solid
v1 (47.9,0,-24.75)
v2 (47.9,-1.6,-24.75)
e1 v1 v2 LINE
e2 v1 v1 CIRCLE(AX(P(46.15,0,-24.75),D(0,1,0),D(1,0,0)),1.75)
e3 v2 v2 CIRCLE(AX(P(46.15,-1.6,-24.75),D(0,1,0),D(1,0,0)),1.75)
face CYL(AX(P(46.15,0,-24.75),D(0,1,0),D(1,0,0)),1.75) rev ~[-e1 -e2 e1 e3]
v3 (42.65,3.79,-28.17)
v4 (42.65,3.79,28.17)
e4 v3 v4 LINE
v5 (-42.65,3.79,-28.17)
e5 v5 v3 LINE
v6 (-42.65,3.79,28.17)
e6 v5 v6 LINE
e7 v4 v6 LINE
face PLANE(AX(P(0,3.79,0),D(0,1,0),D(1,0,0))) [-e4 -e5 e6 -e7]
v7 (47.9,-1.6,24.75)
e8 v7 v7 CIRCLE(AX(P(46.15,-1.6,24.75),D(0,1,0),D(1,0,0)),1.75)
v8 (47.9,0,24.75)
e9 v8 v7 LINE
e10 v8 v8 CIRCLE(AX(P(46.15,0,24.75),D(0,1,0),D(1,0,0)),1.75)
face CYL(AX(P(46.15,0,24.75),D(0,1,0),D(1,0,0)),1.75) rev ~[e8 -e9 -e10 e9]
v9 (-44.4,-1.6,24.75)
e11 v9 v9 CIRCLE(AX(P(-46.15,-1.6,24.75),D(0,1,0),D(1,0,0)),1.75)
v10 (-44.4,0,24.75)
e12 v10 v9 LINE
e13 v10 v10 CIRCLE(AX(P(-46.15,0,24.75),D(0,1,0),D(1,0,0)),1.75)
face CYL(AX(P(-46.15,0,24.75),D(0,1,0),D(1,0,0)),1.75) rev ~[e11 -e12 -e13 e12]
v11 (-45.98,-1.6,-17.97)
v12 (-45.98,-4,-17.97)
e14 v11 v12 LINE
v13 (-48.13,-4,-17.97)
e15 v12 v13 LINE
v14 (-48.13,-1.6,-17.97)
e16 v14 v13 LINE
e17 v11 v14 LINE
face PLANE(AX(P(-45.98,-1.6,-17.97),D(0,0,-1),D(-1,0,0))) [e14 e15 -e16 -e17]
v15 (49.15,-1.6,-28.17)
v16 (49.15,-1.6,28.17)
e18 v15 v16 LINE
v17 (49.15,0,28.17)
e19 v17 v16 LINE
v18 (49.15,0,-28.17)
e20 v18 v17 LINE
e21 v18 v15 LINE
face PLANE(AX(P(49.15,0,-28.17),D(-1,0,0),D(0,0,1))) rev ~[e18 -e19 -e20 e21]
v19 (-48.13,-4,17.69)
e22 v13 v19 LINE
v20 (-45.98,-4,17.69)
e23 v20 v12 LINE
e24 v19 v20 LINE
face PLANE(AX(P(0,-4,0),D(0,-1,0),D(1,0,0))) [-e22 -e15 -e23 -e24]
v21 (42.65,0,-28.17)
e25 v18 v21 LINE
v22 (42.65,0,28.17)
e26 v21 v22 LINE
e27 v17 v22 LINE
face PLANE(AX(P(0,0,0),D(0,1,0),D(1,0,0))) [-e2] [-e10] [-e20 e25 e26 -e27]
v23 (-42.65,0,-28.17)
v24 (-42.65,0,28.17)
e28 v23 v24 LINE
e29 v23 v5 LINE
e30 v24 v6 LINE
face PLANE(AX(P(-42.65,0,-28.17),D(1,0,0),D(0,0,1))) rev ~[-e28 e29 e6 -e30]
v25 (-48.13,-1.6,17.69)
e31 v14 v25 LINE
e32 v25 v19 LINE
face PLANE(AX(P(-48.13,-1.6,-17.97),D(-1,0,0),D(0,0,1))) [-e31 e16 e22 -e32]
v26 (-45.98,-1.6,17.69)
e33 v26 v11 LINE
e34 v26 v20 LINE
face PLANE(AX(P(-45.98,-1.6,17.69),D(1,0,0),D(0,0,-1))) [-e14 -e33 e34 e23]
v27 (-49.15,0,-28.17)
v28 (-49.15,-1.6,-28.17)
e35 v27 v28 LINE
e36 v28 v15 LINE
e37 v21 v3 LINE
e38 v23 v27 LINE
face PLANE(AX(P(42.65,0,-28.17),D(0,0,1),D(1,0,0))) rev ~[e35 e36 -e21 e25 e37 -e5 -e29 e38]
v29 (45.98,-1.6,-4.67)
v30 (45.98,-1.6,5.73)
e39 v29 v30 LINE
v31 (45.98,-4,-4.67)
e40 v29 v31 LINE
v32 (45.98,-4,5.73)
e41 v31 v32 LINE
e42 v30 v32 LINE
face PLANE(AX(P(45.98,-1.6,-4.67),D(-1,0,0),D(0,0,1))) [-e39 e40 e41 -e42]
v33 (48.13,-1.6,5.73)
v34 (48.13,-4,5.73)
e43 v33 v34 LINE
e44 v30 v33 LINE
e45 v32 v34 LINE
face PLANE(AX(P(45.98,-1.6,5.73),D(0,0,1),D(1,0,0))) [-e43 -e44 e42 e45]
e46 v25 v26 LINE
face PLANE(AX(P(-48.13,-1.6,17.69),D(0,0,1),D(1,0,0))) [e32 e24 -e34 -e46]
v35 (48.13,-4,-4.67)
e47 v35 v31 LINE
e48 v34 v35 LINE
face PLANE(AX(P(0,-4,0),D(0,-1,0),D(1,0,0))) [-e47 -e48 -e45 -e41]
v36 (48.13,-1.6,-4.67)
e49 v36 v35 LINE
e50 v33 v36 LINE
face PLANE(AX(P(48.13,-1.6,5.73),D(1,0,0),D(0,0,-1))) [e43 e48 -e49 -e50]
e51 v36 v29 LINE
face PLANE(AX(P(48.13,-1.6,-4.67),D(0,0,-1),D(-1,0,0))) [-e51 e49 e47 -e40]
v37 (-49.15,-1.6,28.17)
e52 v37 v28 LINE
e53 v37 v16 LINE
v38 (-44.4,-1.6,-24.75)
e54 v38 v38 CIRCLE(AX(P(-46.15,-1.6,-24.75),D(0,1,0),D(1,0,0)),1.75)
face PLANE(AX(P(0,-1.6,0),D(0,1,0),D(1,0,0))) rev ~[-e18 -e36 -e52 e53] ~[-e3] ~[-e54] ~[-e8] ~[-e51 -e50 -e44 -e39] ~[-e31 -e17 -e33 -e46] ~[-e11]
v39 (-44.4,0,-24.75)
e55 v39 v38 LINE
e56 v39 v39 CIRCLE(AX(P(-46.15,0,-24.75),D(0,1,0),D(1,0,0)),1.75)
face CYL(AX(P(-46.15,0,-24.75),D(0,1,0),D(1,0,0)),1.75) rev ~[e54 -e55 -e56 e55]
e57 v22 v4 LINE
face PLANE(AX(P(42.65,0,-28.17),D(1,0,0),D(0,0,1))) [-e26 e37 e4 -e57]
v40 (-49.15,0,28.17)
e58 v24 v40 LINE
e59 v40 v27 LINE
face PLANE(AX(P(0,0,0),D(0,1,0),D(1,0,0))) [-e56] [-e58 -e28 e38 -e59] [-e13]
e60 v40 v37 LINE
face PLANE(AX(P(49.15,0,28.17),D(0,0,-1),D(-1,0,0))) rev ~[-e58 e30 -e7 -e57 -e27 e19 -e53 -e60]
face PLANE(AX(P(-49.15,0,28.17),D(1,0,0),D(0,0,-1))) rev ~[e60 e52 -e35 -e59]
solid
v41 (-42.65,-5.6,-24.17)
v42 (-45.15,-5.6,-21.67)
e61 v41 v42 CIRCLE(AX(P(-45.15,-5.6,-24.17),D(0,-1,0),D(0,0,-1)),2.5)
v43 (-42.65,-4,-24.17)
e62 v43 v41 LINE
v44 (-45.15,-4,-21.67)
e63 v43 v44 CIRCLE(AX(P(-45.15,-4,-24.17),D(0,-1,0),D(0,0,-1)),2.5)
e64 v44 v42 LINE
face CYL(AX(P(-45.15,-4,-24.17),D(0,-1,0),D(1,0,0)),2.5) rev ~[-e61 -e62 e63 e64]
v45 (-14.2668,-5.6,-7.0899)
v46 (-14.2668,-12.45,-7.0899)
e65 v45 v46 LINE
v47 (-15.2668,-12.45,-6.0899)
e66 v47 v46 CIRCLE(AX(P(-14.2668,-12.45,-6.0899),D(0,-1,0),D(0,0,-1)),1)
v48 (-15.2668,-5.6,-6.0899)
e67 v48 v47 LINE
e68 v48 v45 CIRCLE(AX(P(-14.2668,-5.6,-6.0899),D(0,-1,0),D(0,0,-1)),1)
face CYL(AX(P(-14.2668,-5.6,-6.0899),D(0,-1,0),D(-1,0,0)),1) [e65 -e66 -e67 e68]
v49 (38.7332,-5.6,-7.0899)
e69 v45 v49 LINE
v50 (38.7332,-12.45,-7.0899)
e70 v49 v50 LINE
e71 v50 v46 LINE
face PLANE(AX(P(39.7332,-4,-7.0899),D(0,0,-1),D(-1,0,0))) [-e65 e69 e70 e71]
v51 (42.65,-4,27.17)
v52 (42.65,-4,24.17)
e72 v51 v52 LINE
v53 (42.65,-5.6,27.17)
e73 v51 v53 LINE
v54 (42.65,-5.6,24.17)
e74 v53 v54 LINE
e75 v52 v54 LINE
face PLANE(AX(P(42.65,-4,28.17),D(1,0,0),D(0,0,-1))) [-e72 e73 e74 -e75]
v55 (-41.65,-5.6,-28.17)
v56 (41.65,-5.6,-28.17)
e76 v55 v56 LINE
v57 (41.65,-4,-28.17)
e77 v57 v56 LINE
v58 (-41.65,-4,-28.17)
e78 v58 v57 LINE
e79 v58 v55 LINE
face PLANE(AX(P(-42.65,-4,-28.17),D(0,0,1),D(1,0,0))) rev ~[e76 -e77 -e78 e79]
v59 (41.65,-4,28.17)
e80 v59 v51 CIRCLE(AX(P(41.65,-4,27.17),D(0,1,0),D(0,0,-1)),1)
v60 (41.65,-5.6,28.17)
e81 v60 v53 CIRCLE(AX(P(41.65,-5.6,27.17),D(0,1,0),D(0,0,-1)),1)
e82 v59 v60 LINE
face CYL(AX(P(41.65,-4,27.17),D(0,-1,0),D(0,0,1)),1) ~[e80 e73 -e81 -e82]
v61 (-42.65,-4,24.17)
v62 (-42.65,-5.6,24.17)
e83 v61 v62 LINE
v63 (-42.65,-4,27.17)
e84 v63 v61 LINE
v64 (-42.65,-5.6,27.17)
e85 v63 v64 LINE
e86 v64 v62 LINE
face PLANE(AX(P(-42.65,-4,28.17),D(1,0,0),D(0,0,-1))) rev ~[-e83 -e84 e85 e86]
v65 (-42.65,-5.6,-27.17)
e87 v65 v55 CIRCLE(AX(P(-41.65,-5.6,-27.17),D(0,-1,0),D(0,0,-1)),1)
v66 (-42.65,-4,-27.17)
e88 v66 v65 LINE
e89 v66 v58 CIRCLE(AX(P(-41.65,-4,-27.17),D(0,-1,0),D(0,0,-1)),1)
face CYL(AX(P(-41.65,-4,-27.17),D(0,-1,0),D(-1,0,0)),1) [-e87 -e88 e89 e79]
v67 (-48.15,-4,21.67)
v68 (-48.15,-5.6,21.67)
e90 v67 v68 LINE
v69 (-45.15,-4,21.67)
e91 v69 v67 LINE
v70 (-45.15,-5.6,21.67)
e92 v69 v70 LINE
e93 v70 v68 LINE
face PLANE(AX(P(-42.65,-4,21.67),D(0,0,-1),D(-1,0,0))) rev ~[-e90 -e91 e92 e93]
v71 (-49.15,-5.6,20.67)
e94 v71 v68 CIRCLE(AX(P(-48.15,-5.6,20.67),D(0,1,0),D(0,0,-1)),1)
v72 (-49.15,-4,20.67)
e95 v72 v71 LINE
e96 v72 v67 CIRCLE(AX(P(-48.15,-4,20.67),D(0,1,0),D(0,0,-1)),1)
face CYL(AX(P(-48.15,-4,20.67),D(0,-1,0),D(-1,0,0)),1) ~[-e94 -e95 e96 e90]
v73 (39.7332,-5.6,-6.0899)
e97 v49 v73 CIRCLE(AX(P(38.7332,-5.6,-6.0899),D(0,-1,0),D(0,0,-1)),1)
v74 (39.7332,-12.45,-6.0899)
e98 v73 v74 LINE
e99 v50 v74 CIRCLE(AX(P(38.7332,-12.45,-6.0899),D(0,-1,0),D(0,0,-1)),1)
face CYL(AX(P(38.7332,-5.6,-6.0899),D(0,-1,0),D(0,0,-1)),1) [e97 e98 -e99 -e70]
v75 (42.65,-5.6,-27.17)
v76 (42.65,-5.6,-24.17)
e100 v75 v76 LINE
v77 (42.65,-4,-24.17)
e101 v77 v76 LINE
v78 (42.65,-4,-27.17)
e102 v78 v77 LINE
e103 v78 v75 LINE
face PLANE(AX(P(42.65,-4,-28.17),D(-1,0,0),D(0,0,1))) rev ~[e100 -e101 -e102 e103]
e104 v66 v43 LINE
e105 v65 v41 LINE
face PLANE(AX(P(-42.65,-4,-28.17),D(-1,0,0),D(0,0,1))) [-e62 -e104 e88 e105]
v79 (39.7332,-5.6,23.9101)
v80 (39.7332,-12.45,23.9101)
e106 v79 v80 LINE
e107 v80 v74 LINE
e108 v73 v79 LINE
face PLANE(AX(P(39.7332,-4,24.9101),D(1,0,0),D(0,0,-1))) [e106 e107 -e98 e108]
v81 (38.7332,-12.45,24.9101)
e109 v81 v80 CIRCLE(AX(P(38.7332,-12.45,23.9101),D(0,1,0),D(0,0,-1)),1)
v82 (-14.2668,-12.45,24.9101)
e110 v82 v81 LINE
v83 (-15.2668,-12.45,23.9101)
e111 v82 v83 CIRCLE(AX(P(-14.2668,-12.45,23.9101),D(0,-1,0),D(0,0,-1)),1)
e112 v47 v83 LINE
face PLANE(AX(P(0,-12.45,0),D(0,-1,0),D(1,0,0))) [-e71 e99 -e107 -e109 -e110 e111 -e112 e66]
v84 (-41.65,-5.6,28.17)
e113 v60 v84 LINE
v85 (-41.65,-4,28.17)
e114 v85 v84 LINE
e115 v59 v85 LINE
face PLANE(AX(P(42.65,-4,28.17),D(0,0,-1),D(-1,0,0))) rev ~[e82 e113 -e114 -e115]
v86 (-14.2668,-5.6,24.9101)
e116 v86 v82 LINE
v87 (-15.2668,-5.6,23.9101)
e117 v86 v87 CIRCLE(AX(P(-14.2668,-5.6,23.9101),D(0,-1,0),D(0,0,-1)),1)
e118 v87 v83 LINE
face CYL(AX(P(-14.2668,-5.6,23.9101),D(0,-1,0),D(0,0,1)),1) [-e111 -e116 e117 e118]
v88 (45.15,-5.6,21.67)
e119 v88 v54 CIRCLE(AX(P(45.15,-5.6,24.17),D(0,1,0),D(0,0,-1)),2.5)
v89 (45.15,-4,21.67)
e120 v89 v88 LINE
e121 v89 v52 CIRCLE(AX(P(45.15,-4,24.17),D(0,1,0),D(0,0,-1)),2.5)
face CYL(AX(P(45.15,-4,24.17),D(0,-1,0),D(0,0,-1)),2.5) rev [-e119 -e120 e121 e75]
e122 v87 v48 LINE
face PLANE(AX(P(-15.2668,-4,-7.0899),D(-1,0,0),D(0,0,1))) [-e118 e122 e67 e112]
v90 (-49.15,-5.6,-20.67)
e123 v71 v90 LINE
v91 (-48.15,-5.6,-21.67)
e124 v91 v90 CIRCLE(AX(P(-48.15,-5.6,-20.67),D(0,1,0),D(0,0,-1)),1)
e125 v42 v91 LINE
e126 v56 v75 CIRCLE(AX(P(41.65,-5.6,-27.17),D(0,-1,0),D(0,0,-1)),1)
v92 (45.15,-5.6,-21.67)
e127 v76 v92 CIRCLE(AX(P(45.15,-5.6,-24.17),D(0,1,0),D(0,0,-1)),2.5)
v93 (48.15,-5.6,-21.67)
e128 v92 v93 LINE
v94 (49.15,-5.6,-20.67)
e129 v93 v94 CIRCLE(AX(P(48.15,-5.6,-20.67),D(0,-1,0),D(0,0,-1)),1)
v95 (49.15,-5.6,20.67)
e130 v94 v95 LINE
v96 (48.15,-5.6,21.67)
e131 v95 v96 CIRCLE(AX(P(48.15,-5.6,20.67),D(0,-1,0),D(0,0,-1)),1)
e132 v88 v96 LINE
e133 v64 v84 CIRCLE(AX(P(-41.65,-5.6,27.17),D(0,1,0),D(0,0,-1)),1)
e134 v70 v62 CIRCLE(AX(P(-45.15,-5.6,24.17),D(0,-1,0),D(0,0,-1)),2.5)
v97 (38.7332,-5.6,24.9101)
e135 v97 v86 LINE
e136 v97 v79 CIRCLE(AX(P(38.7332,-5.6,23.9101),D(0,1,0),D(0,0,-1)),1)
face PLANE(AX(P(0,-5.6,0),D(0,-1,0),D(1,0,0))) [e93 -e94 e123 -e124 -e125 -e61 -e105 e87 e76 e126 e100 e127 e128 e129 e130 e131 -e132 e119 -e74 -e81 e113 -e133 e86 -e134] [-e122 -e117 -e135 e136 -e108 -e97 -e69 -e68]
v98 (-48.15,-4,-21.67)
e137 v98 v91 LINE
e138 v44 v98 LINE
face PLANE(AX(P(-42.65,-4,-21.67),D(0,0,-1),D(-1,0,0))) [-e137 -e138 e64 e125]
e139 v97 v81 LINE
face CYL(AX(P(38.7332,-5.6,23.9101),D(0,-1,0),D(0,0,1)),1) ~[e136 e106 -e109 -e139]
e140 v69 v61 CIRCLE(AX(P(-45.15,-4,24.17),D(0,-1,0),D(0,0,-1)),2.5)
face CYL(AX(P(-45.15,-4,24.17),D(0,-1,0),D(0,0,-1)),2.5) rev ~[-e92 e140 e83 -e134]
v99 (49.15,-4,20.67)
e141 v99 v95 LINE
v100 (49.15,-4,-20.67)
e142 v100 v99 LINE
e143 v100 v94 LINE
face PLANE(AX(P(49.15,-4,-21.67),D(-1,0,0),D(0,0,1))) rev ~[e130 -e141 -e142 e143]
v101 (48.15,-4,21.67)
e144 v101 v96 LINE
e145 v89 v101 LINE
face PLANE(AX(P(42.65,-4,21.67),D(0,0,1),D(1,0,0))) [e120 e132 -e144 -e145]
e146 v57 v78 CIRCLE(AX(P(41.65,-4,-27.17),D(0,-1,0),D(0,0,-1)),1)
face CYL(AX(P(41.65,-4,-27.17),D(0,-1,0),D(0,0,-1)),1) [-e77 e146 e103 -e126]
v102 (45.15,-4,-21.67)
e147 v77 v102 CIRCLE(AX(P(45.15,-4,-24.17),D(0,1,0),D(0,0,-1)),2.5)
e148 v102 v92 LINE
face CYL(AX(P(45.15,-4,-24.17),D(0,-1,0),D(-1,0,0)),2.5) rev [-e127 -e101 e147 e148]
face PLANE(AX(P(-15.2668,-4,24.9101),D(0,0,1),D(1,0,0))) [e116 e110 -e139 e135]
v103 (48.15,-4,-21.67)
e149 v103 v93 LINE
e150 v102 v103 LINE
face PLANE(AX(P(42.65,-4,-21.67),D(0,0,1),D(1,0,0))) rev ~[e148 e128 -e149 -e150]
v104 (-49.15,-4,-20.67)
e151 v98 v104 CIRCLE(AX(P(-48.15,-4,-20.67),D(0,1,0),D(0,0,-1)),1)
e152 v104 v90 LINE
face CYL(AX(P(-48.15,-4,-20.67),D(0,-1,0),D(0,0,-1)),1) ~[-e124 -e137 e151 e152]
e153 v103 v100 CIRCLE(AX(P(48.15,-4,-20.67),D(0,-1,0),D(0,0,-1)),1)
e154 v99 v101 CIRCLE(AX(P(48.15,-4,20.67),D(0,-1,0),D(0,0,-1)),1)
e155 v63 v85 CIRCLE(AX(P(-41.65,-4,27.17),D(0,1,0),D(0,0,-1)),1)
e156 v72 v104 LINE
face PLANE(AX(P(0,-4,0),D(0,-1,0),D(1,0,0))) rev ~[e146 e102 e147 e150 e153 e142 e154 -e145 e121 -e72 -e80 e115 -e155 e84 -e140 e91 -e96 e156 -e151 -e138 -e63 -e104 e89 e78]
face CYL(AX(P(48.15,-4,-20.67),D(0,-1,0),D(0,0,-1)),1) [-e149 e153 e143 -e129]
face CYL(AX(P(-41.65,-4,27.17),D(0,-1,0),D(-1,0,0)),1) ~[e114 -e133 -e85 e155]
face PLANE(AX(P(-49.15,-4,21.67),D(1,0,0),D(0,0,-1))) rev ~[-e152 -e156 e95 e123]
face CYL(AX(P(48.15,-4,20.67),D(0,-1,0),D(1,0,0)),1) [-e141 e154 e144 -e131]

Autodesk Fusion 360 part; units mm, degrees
sketch "TFT_PCB" plane through (0, 0, 0) normal (0, 1, 0) x (1, 0, 0)
  line L0 (49.15, -28.17) -> (-49.15, -28.17)
  line L1 (-49.15, -28.17) -> (-49.15, 28.17)
  line L2 (-49.15, 28.17) -> (49.15, 28.17)
  line L3 (49.15, 28.17) -> (49.15, -28.17)
  line L4 (49.15, -28.17) -> (-49.15, 28.17) construction
  line L5 (-49.15, -28.17) -> (49.15, 28.17) construction
  line L6 (-42.65, 28.17) -> (-42.65, -28.17)
  line L7 (42.65, 28.17) -> (42.65, -28.17)
  circle A0 centre (-46.15, 24.75) radius 1.75
  line L8 (0, 28.17) -> (0, -28.17) construction
  line L9 (-49.15, 0) -> (49.15, 0) construction
  circle A1 centre (46.15, 24.75) radius 1.75
  circle A2 centre (-46.15, -24.75) radius 1.75
  circle A3 centre (46.15, -24.75) radius 1.75
  dimension "d4" = 98.3
  dimension "d5" = 56.34
  dimension "d6" = 6.5
  dimension "d7" = 6.5
  dimension "d8" = 3.5
  dimension "d9" = 3.42
  dimension "d10" = 3
extrude "Extrude1" add sketch "TFT_PCB" against normal blind 1.6 makes body 1
extrude "Extrude2" add sketch "TFT_PCB" along normal blind 3.79 contours L0 L2 L6 L7 bodies 1
sketch "Sketch2" plane through (0, -1.6, 0) normal (0, -1, 0) x (1, 0, 0)
  circle A0 centre (-46.15, 24.75) radius 1.75
  circle A1 centre (46.15, -24.75) radius 1.75
  circle A2 centre (46.15, 24.75) radius 1.75
  circle A3 centre (-46.15, -24.75) radius 1.75
  line L0 (-49.15, -28.17) -> (49.15, -28.17)
  line L1 (49.15, -28.17) -> (49.15, 28.17)
  line L2 (49.15, 28.17) -> (-49.15, 28.17)
  line L3 (-49.15, 28.17) -> (-49.15, -28.17)
  line L4 (-48.13, 17.69) -> (-45.98, 17.69)
  line L5 (-45.98, 17.69) -> (-45.98, -17.97)
  line L6 (-45.98, -17.97) -> (-48.13, -17.97)
  line L7 (-48.13, -17.97) -> (-48.13, 17.69)
  line L8 (45.98, 5.73) -> (48.13, 5.73)
  line L9 (48.13, 5.73) -> (48.13, -4.67)
  line L10 (48.13, -4.67) -> (45.98, -4.67)
  line L11 (45.98, -4.67) -> (45.98, 5.73)
  dimension "d15" = 2.15
  dimension "d16" = 35.66
  dimension "d17" = 10.2
  dimension "d18" = 1.02
  dimension "d19" = 2.15
  dimension "d20" = 10.4
  dimension "d21" = 1.02
  dimension "d22" = 23.5
extrude "Extrude3" add sketch "Sketch2" along normal blind 2.4 contours L4 L5 L6 L7 | L8 L9 L10 L11 bodies 1
sketch "Sketch3" plane through (0, -4, 0) normal (0, -1, 0) x (1, 0, 0)
  line L0 (-48.13, -17.97) -> (-45.98, -17.97)
  line L1 (-45.98, -17.97) -> (-45.98, 17.69)
  line L2 (-45.98, 17.69) -> (-48.13, 17.69)
  line L3 (-48.13, 17.69) -> (-48.13, -17.97)
  line L4 (45.98, -4.67) -> (45.98, 5.73)
  line L5 (45.98, 5.73) -> (48.13, 5.73)
  line L6 (48.13, 5.73) -> (48.13, -4.67)
  line L7 (48.13, -4.67) -> (45.98, -4.67)
  line L8 (-48.13, -17.97) -> (-48.13, 17.69)
  line L9 (-48.13, 17.69) -> (-45.98, 17.69)
  line L10 (-45.98, 17.69) -> (-45.98, -17.97)
  line L11 (-45.98, -17.97) -> (-48.13, -17.97)
  circle A0 centre (-46.15, 24.75) radius 1.75
  circle A1 centre (46.15, -24.75) radius 1.75
  circle A2 centre (46.15, 24.75) radius 1.75
  circle A3 centre (-46.15, -24.75) radius 1.75
  line L12 (-49.15, -28.17) -> (49.15, -28.17)
  line L13 (49.15, -28.17) -> (49.15, 28.17)
  line L14 (49.15, 28.17) -> (-49.15, 28.17)
  line L15 (-49.15, 28.17) -> (-49.15, -28.17)
  line L16 (-49.15, 28.17) -> (-42.65, 28.17)
  line L17 (-42.65, 28.17) -> (-42.65, 21.67)
  line L18 (-42.65, 21.67) -> (-49.15, 21.67)
  line L19 (-49.15, 21.67) -> (-49.15, 28.17)
  line L20 (0, 28.17) -> (0, -28.17) construction
  line L21 (-49.15, 0) -> (49.15, 0) construction
  line L22 (42.65, 28.17) -> (42.65, 21.67)
  line L23 (42.65, 21.67) -> (49.15, 21.67)
  line L24 (42.65, -21.67) -> (49.15, -21.67)
  line L25 (42.65, -28.17) -> (42.65, -21.67)
  line L26 (-42.65, -21.67) -> (-49.15, -21.67)
  line L27 (-42.65, -28.17) -> (-42.65, -21.67)
  line L28 (-15.2668, 24.9101) -> (39.7332, 24.9101)
  line L29 (39.7332, 24.9101) -> (39.7332, -7.0899)
  line L30 (39.7332, -7.0899) -> (-15.2668, -7.0899)
  line L31 (-15.2668, -7.0899) -> (-15.2668, 24.9101)
  dimension "d25" = 6.5
  dimension "d26" = 6.5
  dimension "d27" = 55
  dimension "d28" = 32
extrude "Extrude4" add sketch "Sketch3" along normal blind 1.6 separate body contours L0 L1 L2 L3 L8 L9 L10 L11 | L4 L5 L6 L7 | L12 L13 L14 L15 L17 L18 L22 L23 L24 L25 L26 L27 | L28 L29 L30 L31 makes body 2
extrude "Extrude5" add sketch "Sketch3" along normal blind 8.45 contours L28 L29 L30 L31 bodies 2
fillet "Fillet1" radius 2.5 4 edges at (-42.65, -4.8, 21.67) (-42.65, -4.8, -21.67) (42.65, -4.8, -21.67) (42.65, -4.8, 21.67) on bodies 2
fillet "Fillet2" radius 1 8 edges at (42.65, -4.8, -28.17) (49.15, -4.8, -21.67) (49.15, -4.8, 21.67) (42.65, -4.8, 28.17) (-42.65, -4.8, 28.17) (-49.15, -4.8, 21.67) (-49.15, -4.8, -21.67) (-42.65, -4.8, -28.17) on bodies 2
fillet "Fillet3" radius 1 4 edges at (39.7332, -9.025, 24.9101) (39.7332, -9.025, -7.0899) (-15.2668, -9.025, 24.9101) (-15.2668, -9.025, -7.0899) on bodies 2
equation "pcb_height = 56.34 mm"
equation "pcb_width = 98.3 mm"
equation "d4 = pcb_width"
equation "d5 = pcb_height"
equation "d31 = 1.6 mm + 6.85 mm"
